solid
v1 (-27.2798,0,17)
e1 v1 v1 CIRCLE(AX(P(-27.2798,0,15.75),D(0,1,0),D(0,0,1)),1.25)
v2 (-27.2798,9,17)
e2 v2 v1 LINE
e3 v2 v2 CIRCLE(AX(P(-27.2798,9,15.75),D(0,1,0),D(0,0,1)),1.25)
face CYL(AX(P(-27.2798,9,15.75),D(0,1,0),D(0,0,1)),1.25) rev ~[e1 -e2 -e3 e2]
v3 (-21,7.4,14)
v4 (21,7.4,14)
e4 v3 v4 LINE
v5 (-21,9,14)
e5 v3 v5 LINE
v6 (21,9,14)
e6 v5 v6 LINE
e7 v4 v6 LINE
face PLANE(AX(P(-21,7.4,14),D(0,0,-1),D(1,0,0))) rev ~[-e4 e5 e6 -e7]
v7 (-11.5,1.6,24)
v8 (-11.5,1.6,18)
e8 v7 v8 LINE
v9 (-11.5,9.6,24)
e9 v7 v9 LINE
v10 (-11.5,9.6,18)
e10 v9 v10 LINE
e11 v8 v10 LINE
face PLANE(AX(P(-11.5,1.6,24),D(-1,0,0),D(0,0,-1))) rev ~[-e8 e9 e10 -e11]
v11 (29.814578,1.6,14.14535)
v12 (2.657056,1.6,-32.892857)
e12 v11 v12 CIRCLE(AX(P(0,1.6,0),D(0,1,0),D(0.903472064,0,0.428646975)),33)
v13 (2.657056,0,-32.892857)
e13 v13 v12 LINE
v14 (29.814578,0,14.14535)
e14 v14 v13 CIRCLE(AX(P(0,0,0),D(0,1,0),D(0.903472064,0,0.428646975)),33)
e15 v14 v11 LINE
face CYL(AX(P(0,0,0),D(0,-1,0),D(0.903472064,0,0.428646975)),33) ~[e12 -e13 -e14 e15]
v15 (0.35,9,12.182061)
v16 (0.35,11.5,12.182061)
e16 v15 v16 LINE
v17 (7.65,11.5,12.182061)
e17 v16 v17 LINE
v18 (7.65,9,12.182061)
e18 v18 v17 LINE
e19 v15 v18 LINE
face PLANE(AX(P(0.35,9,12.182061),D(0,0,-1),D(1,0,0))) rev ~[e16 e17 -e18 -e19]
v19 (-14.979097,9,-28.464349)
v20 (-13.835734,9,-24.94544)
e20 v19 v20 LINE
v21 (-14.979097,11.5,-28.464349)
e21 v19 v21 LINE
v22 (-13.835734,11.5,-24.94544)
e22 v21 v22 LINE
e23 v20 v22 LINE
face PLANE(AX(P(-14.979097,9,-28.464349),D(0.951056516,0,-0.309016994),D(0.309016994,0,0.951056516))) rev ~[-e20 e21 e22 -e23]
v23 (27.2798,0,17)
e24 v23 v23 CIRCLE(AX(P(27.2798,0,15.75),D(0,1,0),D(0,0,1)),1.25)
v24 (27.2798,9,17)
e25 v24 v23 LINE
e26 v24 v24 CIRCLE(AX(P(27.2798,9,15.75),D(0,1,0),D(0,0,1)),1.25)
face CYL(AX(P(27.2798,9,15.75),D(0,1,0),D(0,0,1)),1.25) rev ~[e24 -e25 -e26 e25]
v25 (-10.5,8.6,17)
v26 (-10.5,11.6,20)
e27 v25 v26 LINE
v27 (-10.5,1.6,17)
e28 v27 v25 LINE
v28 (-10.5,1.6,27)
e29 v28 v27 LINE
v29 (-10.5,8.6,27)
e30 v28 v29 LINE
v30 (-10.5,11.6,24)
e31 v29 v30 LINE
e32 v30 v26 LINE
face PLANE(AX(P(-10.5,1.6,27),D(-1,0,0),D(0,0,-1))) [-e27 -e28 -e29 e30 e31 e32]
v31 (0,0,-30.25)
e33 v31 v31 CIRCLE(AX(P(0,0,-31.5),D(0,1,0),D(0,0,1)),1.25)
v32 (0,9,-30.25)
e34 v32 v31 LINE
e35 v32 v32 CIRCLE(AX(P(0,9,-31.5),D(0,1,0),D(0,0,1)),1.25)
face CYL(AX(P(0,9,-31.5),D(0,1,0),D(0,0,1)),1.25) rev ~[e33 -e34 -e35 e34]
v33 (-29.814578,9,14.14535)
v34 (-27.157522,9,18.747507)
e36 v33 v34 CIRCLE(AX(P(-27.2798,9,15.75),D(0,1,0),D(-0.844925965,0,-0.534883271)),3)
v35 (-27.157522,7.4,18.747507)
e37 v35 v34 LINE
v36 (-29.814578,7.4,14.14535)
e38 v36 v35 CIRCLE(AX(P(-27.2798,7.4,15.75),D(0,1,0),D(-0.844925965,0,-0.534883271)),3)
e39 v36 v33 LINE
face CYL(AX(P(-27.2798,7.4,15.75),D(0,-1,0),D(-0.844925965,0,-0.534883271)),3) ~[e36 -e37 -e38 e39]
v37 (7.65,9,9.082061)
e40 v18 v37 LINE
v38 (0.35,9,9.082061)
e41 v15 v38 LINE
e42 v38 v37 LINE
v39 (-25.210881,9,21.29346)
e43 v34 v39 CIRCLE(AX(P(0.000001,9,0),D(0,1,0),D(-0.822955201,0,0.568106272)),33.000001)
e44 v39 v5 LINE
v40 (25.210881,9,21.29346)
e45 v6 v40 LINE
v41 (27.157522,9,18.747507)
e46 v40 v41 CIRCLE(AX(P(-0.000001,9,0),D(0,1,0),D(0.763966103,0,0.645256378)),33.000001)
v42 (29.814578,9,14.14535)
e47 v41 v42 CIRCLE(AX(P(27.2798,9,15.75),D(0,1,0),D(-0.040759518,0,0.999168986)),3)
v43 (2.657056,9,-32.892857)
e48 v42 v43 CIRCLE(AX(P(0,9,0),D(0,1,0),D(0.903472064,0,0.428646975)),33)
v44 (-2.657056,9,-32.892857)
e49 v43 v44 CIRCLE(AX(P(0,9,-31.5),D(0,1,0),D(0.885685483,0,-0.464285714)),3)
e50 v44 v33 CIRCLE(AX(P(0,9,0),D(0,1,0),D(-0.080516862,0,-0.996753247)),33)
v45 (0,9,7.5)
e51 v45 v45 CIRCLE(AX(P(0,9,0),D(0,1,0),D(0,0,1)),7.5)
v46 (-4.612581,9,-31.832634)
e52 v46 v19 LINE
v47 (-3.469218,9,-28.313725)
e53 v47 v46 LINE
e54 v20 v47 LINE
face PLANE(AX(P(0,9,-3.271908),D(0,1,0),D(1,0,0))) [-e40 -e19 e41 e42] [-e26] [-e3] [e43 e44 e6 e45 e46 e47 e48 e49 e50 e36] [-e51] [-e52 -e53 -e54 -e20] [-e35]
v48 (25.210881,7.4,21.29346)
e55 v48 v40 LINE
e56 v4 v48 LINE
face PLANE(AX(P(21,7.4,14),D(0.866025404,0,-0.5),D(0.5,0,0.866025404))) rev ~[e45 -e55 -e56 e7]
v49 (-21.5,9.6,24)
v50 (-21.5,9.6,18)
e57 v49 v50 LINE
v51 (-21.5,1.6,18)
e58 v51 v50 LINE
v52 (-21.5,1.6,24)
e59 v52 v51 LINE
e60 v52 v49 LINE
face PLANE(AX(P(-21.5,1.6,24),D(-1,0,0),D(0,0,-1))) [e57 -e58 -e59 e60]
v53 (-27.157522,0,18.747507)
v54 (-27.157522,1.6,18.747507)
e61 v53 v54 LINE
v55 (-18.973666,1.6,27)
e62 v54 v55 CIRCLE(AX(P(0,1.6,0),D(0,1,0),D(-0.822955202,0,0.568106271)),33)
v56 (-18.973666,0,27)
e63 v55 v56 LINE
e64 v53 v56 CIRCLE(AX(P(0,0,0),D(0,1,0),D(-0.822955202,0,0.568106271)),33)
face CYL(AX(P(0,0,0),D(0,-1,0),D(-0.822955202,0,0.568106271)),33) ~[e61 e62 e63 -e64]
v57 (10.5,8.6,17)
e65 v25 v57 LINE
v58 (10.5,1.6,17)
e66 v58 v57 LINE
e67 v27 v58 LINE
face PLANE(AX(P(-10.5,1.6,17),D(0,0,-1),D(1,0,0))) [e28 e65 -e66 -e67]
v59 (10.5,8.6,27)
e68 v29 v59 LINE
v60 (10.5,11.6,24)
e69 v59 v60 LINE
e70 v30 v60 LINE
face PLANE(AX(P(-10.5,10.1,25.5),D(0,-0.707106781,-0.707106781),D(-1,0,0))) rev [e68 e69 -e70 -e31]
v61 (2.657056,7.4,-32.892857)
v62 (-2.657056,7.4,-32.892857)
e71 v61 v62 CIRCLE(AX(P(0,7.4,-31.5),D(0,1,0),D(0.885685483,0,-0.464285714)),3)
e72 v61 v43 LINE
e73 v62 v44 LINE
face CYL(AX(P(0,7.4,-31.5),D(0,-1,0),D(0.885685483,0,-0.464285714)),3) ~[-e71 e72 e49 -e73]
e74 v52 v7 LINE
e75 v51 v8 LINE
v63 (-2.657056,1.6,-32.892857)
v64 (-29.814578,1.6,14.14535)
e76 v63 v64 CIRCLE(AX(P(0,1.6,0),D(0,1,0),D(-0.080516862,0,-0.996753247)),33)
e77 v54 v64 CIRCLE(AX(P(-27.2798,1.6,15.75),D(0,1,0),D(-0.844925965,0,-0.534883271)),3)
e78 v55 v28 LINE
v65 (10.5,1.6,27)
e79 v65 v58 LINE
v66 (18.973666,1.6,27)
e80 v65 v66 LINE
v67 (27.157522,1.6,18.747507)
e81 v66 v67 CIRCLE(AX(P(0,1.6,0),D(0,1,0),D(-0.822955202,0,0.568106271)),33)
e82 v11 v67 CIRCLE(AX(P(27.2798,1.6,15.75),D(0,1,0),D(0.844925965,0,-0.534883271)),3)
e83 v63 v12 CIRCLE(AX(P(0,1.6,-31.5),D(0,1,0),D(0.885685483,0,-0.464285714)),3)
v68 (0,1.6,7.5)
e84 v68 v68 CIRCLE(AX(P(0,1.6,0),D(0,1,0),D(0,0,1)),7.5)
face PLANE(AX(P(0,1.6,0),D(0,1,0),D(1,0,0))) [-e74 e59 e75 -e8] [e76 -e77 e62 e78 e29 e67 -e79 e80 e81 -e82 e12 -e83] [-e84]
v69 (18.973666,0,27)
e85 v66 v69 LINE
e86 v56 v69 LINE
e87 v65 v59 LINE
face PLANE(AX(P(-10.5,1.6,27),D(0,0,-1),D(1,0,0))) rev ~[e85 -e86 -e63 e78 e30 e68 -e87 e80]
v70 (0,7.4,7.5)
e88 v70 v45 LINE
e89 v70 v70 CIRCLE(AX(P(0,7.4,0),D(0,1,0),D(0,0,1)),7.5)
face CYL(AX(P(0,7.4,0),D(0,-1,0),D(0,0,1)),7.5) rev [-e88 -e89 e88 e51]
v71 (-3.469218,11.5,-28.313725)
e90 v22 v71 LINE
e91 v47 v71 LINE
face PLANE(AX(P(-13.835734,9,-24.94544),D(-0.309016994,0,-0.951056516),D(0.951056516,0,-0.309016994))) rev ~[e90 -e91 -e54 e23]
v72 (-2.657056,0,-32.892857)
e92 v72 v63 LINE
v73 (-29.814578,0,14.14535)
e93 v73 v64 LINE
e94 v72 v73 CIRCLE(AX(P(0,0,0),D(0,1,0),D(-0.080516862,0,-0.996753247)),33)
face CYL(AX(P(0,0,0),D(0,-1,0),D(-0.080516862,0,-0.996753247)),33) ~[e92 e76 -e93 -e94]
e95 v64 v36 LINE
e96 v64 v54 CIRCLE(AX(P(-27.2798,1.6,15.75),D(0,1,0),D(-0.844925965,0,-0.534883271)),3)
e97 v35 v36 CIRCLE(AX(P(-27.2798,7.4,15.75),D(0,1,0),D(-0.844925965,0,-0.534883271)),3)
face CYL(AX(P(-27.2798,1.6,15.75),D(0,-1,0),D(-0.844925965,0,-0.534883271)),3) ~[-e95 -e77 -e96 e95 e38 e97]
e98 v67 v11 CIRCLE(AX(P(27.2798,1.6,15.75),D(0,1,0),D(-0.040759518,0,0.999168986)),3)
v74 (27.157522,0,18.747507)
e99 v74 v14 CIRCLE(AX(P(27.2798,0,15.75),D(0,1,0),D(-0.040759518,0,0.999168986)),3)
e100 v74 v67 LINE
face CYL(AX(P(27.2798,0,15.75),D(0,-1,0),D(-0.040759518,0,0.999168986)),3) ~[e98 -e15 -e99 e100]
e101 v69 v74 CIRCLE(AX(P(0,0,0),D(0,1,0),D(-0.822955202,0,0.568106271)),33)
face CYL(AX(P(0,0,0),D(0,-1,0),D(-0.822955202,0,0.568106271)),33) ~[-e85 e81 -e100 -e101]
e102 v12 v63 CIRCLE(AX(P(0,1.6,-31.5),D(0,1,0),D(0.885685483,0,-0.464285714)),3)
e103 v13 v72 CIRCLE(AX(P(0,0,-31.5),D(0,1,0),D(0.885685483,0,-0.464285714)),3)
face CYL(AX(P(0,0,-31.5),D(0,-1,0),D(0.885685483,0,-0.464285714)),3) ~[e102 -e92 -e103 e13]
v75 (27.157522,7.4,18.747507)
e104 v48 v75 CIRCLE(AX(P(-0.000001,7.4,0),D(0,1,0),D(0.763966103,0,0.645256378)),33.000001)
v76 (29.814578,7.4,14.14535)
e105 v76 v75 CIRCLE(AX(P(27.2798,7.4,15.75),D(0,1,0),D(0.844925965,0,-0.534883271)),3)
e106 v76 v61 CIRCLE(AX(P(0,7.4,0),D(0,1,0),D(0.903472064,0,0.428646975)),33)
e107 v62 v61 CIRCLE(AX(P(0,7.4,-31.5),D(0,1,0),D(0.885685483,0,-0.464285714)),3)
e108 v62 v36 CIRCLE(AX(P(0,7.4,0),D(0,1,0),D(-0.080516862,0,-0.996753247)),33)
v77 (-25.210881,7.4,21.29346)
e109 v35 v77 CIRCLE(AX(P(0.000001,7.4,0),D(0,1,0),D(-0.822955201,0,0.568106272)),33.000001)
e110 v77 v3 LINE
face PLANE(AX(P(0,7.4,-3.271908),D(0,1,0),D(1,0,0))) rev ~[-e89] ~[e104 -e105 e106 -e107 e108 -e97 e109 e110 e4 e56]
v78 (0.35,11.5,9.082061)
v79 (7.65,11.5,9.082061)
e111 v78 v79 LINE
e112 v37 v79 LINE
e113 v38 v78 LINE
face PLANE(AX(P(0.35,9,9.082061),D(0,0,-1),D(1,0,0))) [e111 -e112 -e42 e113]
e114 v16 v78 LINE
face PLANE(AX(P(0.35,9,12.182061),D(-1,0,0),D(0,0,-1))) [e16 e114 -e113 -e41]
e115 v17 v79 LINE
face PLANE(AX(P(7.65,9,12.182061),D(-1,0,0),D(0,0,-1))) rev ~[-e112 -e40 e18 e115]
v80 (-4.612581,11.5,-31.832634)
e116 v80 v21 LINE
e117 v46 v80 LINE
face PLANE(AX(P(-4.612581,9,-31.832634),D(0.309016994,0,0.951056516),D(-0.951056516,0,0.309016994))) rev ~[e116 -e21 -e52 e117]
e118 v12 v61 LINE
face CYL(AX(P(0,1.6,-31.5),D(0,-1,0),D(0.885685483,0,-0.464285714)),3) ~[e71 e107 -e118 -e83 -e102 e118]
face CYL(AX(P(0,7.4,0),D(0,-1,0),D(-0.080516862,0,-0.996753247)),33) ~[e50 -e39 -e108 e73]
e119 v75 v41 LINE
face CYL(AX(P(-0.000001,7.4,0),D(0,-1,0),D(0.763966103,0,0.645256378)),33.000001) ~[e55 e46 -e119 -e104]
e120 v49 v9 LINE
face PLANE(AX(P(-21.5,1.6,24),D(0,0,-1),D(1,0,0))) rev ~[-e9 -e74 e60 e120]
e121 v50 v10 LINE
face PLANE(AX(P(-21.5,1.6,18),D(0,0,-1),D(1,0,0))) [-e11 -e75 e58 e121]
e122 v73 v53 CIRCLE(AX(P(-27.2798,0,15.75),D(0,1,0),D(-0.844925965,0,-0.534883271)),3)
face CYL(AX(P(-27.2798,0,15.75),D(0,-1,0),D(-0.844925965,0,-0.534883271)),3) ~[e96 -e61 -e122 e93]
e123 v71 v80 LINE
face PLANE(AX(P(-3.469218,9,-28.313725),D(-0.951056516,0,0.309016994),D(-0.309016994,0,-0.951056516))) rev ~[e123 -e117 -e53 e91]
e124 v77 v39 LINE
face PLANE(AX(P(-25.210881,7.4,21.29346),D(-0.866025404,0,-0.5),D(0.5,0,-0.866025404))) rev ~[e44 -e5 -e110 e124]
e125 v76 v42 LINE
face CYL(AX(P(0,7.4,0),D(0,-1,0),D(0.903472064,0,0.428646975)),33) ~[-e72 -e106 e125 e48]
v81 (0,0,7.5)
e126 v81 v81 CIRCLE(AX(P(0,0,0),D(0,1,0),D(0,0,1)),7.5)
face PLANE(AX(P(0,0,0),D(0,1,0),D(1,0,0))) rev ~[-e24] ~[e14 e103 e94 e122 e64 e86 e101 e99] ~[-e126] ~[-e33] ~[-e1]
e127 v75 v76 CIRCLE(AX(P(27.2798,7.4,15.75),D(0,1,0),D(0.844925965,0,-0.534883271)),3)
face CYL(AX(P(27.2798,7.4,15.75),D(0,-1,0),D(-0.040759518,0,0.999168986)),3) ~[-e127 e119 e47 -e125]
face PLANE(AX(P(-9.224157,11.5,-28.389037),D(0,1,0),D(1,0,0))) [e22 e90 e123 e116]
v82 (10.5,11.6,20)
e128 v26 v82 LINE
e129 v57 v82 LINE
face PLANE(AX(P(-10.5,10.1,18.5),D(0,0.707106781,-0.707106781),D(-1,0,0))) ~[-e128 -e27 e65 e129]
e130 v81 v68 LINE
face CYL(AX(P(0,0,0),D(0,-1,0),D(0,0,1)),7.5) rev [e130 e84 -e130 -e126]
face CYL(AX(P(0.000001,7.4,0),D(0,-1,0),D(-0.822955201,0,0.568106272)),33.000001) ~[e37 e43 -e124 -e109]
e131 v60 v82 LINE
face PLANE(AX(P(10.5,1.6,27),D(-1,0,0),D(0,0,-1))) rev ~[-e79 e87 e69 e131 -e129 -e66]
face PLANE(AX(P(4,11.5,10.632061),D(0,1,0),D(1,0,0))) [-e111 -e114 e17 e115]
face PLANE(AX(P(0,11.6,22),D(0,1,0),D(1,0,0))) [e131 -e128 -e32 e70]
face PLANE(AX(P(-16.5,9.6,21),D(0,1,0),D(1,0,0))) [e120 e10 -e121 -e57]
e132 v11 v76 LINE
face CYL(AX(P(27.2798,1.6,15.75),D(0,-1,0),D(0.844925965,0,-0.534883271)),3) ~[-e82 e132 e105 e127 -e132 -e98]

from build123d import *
from build123d.topology import SkipClean

# Parameters (mm, degrees)
SKETCH_1_R          = 7.5
EXTRUDE_1_DEPTH     = 1.6
SKETCH_4_R          = 3
EXTRUDE_2_DEPTH     = 5.8
SKETCH_6_R          = 7.5
EXTRUDE_3_DEPTH     = 1.6
SKETCH_7_W          = 21
SKETCH_7_H          = 10
EXTRUDE_4_DEPTH     = 10
CHAMFER_1_SIZE      = 3
SKETCH_8_W          = 10
SKETCH_8_H          = 6
EXTRUDE_5_DEPTH     = 8
SKETCH_9_W          = 7.3
SKETCH_9_H          = 3.1
EXTRUDE_6_DEPTH     = 2.5
EXTRUDE_7_DEPTH     = 2.5
CUT_EXTRUDE_3_REACH = 50.582
SKETCH_11_R         = 1.25
CUT_EXTRUDE_4_REACH = 50.778


with BuildPart() as part:
    # 草图1 → 凸台-拉伸1 (new body)
    with BuildSketch(Plane(origin=(0, 0, 0), x_dir=(1, 0, 0), z_dir=(0, 1, 0))):
        with BuildLine():
            ThreePointArc((-2.65705645, 32.892857143), (-28.578838325, 16.5), (-29.814578114, -14.145350186))
            ThreePointArc((-29.814578114, -14.145350186), (-29.877876431, -17.25), (-27.157521664, -18.747506957))
            ThreePointArc((-27.157521664, -18.747506957), (0, -33), (27.157521664, -18.747506957))
            ThreePointArc((27.157521664, -18.747506957), (29.877876431, -17.25), (29.814578114, -14.145350186))
            ThreePointArc((29.814578114, -14.145350186), (28.578838325, 16.5), (2.65705645, 32.892857143))
            ThreePointArc((2.65705645, 32.892857143), (0, 34.5), (-2.65705645, 32.892857143))
        make_face()
        with Locations(Location((0, 0, 0), (0, 0, 270))):
            Circle(SKETCH_1_R, mode=Mode.SUBTRACT)
    extrude(amount=EXTRUDE_1_DEPTH)

    # 草图4 → 凸台-拉伸2 (add)
    with BuildSketch(Plane(origin=(0, 1.6, 0), x_dir=(1, 0, 0), z_dir=(0, 1, 0))):
        with Locations(Location((0, 31.5, 0), (0, 0, 27.664004496))):
            Circle(SKETCH_4_R)
        with Locations(Location((27.279800219, -15.75, 0), (0, 0, 32.335995504))):
            Circle(SKETCH_4_R)
        with Locations(Location((-27.279800219, -15.75, 0), (0, 0, 147.664004496))):
            Circle(SKETCH_4_R)
    extrude(amount=EXTRUDE_2_DEPTH)

    # 草图6 → 凸台-拉伸3 (add)
    with SkipClean():  # the faces are left unmerged after this step: merging them gives an invalid solid
        with BuildSketch(Plane(origin=(0, 7.4, 0), x_dir=(1, 0, 0), z_dir=(0, 1, 0))):
            with BuildLine():
                Line((-21, -14), (21, -14))
                Line((21, -14), (25.210881382, -21.293460498))
                ThreePointArc((25.210881382, -21.293460498), (26.215126916, -20.044129334), (27.157521664, -18.747506957))
                ThreePointArc((27.157521664, -18.747506957), (29.877876431, -17.25), (29.814578114, -14.145350186))
                ThreePointArc((29.814578114, -14.145350186), (28.578838325, 16.5), (2.65705645, 32.892857143))
                ThreePointArc((2.65705645, 32.892857143), (0, 34.5), (-2.65705645, 32.892857143))
                ThreePointArc((-2.65705645, 32.892857143), (-28.578838325, 16.5), (-29.814578114, -14.145350186))
                ThreePointArc((-29.814578114, -14.145350186), (-29.877876431, -17.25), (-27.157521664, -18.747506957))
                ThreePointArc((-27.157521664, -18.747506957), (-26.215126916, -20.044129334), (-25.210881382, -21.293460498))
                Line((-25.210881382, -21.293460498), (-21, -14))
            make_face()
            with Locations(Location((0, 0, 0), (0, 0, 270))):
                Circle(SKETCH_6_R, mode=Mode.SUBTRACT)
        extrude(amount=EXTRUDE_3_DEPTH)

    # 草图7 → 凸台-拉伸4 (add)
    with SkipClean():  # the faces are left unmerged after this step: merging them gives an invalid solid
        with BuildSketch(Plane(origin=(0, 1.6, 0), x_dir=(1, 0, 0), z_dir=(0, 1, 0))):
            with Locations((0, -22)):
                Rectangle(SKETCH_7_W, SKETCH_7_H)
        extrude(amount=EXTRUDE_4_DEPTH)

    # 倒角1
    chamfer_1_edges = [part.edges().sort_by_distance(p)[0] for p in [
        (0, 11.6, 17),
        (0, 11.6, 27),
    ]]
    chamfer(chamfer_1_edges, length=CHAMFER_1_SIZE)

    # 草图8 → 凸台-拉伸5 (add)
    with SkipClean():  # the faces are left unmerged after this step: merging them gives an invalid solid
        with BuildSketch(Plane(origin=(0, 1.6, 0), x_dir=(1, 0, 0), z_dir=(0, 1, 0))):
            with Locations((-16.5, -21)):
                Rectangle(SKETCH_8_W, SKETCH_8_H)
        extrude(amount=EXTRUDE_5_DEPTH)

    # 草图9 → 凸台-拉伸6 (add)
    with SkipClean():  # the faces are left unmerged after this step: merging them gives an invalid solid
        with BuildSketch(Plane(origin=(0, 9, 0), x_dir=(1, 0, 0), z_dir=(0, 1, 0))):
            with Locations((4, -10.632060859)):
                Rectangle(SKETCH_9_W, SKETCH_9_H)
        extrude(amount=EXTRUDE_6_DEPTH)

    # 草图10 → 凸台-拉伸7 (add)
    with SkipClean():  # the faces are left unmerged after this step: merging them gives an invalid solid
        with BuildSketch(Plane(origin=(0, 9, 0), x_dir=(1, 0, 0), z_dir=(0, 1, 0))):
            Polygon((-13.835733856, 24.945439837), (-3.469217829, 28.313725076), (-4.612580708, 31.832634186), (-14.979096735, 28.464348947), align=None)
        extrude(amount=EXTRUDE_7_DEPTH)

    # 草图11 → 切除-拉伸3 (cut, up to next)
    with BuildSketch(Plane(origin=(0, 9, 0), x_dir=(1, 0, 0), z_dir=(0, 1, 0)), mode=Mode.PRIVATE) as cut_extrude_3_sk1:
        with Locations(Location((0, 31.5, 0), (0, 0, 270))):
            Circle(SKETCH_11_R)
    cut_extrude_3_tool1 = extrude(cut_extrude_3_sk1.sketch, amount=-CUT_EXTRUDE_3_REACH, mode=Mode.PRIVATE) & part.part
    # 草图11 → 切除-拉伸3 (cut, up to next)
    with BuildSketch(Plane(origin=(0, 9, 0), x_dir=(1, 0, 0), z_dir=(0, 1, 0)), mode=Mode.PRIVATE) as cut_extrude_3_sk2:
        with Locations(Location((27.279800219, -15.75, 0), (0, 0, 270))):
            Circle(SKETCH_11_R)
    cut_extrude_3_tool2 = extrude(cut_extrude_3_sk2.sketch, amount=-CUT_EXTRUDE_3_REACH, mode=Mode.PRIVATE) & part.part
    # 草图11 → 切除-拉伸3 (cut, up to next)
    with BuildSketch(Plane(origin=(0, 9, 0), x_dir=(1, 0, 0), z_dir=(0, 1, 0)), mode=Mode.PRIVATE) as cut_extrude_3_sk3:
        with Locations(Location((-27.279800219, -15.75, 0), (0, 0, 270))):
            Circle(SKETCH_11_R)
    cut_extrude_3_tool3 = extrude(cut_extrude_3_sk3.sketch, amount=-CUT_EXTRUDE_3_REACH, mode=Mode.PRIVATE) & part.part
    add(cut_extrude_3_tool1.solids().sort_by_distance((0, 9, -31.5))[0], mode=Mode.SUBTRACT)
    add(cut_extrude_3_tool2.solids().sort_by_distance((27.2798, 9, 15.75))[0], mode=Mode.SUBTRACT)
    add(cut_extrude_3_tool3.solids().sort_by_distance((-27.2798, 9, 15.75))[0], mode=Mode.SUBTRACT)

    # 草图12 → 切除-拉伸4 (cut, up to next)
    with BuildSketch(Plane(origin=(0, 1.6, 0), x_dir=(1, 0, 0), z_dir=(0, 1, 0)), mode=Mode.PRIVATE) as cut_extrude_4_sk1:
        with BuildLine():
            Line((18.973665961, -27), (-18.973665961, -27))
            ThreePointArc((-18.973665961, -27), (0, -33), (18.973665961, -27))
        make_face()
    cut_extrude_4_tool1 = extrude(cut_extrude_4_sk1.sketch, amount=-CUT_EXTRUDE_4_REACH, mode=Mode.PRIVATE) & part.part
    add(cut_extrude_4_tool1.solids().sort_by_distance((0, 1.6, 29.419743))[0], mode=Mode.SUBTRACT)


solid = part.part
